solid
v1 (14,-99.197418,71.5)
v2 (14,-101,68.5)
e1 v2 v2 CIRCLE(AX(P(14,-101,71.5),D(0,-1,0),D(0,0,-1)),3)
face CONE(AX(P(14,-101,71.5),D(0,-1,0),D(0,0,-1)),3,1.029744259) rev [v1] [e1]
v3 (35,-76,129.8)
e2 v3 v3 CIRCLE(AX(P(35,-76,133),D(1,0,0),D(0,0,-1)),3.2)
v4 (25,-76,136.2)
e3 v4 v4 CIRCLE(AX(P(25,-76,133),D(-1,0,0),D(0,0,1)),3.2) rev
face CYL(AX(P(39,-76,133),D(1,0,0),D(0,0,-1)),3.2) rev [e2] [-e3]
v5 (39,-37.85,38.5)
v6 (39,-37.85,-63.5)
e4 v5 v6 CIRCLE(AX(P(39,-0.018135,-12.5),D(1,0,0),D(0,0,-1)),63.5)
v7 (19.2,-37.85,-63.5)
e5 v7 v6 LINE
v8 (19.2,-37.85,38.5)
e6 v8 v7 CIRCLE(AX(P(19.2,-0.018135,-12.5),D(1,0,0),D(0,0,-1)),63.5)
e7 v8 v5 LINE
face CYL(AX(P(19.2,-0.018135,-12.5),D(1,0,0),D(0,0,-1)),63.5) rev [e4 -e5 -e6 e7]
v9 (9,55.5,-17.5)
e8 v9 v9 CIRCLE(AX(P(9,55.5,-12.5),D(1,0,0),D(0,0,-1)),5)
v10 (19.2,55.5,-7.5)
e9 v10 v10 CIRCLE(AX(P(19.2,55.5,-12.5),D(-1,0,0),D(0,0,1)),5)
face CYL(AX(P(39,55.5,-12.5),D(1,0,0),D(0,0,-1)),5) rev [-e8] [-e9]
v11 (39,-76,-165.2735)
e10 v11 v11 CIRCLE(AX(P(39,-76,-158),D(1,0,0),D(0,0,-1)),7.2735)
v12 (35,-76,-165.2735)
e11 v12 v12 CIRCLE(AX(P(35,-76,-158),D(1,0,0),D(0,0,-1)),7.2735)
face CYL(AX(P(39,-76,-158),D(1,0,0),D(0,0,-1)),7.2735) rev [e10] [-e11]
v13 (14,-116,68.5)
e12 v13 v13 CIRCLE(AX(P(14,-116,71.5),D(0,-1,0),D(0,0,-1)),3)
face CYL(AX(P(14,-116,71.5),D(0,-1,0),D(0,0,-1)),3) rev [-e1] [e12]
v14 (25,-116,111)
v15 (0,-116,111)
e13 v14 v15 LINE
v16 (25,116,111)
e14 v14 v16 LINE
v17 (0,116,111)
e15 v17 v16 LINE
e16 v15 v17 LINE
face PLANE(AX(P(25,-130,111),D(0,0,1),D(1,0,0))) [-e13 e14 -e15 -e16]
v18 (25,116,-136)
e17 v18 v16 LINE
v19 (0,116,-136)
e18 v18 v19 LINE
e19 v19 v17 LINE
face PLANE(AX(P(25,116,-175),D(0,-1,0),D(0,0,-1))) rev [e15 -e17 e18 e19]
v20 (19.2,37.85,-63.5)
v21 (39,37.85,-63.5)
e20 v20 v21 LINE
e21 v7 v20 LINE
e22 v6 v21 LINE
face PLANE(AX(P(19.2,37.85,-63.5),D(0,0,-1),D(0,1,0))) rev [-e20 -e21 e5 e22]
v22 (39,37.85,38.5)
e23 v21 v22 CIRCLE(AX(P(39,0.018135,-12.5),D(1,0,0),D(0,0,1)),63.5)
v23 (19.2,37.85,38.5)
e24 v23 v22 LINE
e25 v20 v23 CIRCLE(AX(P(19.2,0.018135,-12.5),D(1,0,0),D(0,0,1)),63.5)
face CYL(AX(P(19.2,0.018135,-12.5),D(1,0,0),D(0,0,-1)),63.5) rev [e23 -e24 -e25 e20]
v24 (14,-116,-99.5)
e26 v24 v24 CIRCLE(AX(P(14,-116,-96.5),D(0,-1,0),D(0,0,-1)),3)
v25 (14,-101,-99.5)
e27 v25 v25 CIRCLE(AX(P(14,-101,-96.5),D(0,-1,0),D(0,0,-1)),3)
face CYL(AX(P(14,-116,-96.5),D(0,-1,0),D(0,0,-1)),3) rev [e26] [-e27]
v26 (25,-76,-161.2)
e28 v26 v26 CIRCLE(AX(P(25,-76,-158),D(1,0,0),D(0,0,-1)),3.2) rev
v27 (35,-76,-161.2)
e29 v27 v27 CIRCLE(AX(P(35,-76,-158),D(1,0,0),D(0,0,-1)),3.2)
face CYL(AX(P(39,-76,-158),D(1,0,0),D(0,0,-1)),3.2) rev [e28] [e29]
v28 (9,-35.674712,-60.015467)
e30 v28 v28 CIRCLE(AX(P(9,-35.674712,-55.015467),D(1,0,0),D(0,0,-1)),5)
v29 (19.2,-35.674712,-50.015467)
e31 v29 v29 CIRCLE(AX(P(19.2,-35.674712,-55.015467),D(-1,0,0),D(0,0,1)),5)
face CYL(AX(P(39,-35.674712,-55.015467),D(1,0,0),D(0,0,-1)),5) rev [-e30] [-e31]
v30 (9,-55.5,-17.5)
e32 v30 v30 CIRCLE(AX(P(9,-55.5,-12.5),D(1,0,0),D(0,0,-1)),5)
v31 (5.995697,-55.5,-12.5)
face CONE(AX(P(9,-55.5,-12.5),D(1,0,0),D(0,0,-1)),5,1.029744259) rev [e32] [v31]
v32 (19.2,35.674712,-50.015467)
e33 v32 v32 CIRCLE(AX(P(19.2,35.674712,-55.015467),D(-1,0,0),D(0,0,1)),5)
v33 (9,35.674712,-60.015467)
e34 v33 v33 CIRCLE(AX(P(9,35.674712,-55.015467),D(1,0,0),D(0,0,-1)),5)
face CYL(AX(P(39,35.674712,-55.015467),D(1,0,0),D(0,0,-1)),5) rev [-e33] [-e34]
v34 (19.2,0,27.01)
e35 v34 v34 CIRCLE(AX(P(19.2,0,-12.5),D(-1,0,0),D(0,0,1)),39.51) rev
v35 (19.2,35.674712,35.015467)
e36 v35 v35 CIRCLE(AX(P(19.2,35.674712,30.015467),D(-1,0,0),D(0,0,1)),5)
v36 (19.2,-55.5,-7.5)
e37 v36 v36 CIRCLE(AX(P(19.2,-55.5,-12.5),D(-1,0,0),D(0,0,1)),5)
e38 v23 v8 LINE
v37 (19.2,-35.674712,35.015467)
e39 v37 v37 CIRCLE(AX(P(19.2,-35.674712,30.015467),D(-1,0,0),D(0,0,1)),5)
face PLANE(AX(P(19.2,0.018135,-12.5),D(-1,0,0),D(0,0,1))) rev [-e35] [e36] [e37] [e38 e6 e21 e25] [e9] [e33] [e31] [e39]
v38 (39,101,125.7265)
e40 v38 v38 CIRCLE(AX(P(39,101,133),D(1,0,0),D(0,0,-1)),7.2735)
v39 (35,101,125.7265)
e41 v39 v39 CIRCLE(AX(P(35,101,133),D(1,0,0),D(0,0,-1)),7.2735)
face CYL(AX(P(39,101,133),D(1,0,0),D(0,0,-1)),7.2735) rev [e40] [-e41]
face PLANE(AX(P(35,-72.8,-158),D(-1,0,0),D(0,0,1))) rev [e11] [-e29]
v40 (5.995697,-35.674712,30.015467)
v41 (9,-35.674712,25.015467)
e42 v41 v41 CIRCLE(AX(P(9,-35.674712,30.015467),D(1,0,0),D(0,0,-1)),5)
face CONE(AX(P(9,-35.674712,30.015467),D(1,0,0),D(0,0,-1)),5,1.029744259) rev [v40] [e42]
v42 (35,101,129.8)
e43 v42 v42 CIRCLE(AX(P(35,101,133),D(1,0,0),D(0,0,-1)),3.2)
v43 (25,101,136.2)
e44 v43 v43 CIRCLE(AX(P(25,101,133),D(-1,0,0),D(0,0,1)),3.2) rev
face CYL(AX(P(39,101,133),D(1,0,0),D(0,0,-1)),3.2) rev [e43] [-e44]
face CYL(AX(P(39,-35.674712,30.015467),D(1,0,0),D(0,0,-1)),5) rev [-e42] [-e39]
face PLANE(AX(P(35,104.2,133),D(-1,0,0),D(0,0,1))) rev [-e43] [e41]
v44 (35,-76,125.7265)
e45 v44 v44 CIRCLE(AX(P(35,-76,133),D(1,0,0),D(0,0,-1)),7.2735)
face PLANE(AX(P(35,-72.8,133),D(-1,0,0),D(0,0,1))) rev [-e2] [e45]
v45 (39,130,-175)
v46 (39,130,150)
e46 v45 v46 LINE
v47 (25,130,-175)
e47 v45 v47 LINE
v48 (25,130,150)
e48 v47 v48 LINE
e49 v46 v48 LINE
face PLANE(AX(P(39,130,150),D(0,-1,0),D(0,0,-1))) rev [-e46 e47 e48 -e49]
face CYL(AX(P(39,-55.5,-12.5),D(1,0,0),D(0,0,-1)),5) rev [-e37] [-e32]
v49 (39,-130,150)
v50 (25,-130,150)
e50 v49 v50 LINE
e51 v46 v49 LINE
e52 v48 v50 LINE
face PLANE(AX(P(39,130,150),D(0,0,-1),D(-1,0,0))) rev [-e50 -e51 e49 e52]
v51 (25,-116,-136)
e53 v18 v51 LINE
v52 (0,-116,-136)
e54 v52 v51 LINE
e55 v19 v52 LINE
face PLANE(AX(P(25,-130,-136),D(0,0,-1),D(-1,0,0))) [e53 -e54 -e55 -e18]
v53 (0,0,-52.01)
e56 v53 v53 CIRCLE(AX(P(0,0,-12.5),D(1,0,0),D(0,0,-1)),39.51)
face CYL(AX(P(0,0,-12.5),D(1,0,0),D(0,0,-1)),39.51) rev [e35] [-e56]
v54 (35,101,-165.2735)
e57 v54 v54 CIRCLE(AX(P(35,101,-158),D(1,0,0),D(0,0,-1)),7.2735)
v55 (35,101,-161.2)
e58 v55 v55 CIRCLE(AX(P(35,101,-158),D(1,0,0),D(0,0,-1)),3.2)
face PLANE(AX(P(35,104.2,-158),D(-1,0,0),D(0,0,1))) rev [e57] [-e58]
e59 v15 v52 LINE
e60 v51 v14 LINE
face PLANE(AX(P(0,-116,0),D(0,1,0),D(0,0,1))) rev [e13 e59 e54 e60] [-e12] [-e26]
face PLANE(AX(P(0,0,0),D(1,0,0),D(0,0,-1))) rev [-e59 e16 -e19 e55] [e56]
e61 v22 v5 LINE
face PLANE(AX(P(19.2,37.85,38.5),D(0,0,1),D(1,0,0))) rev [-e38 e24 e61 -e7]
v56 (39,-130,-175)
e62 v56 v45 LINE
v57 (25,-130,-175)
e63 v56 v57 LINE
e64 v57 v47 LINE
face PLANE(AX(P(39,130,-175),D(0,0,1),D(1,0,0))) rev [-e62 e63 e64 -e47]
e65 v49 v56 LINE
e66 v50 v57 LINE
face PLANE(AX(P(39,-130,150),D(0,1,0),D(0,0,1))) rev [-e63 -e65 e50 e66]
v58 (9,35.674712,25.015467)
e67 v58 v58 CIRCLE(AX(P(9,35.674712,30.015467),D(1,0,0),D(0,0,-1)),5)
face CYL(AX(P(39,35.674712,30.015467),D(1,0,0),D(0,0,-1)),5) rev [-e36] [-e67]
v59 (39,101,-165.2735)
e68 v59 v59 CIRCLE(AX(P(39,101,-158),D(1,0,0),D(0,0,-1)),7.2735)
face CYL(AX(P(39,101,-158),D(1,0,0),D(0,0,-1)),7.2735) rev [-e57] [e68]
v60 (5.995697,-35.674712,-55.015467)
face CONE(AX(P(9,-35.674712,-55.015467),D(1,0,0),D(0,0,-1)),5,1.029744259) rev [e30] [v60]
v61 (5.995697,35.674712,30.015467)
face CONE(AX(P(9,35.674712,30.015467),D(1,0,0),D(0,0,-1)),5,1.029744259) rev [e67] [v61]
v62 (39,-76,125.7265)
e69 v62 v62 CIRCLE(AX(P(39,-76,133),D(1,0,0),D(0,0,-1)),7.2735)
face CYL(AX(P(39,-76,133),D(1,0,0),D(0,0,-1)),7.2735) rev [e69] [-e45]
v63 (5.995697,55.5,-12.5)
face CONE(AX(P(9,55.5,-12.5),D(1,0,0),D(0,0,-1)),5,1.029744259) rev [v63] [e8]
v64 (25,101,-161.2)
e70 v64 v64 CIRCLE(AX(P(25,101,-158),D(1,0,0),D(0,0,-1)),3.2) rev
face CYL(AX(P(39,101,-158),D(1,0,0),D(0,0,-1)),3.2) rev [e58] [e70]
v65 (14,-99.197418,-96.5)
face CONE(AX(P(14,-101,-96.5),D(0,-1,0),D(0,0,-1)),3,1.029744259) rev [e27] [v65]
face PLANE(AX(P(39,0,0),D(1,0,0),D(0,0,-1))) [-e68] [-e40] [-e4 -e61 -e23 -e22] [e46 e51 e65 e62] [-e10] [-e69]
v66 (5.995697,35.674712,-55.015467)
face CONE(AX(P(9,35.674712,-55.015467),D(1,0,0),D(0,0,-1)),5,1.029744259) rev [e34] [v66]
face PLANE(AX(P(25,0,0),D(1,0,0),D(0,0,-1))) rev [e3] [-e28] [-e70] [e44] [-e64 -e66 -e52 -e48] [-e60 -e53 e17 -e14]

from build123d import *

# Parameters (mm, degrees)
SKETCH1_W                               = 325
SKETCH1_H                               = 260
BOSS_EXTRUDE1_DEPTH                     = 39
CBORE_FOR_M6_HEX_HEAD_BOLT1_D           = 6.4
CBORE_FOR_M6_HEX_HEAD_BOLT1_DEPTH       = 30
CBORE_FOR_M6_HEX_HEAD_BOLT1_CBORE_D     = 14.547
CBORE_FOR_M6_HEX_HEAD_BOLT1_CBORE_DEPTH = 4
CBORE_FOR_M6_HEX_HEAD_BOLT1_TIP         = 1.922753981
SKETCH3_R                               = 39.51
CUT_EXTRUDE2_DEPTH                      = 39
CUT_EXTRUDE3_DEPTH                      = 19.8
F_10_0MM_DOWEL_HOLE1_D                  = 10
F_10_0MM_DOWEL_HOLE1_DEPTH              = 30
F_10_0MM_DOWEL_HOLE1_TIP                = 3.004303095
SKETCH18_W                              = 39
SKETCH18_H                              = 260
CUT_EXTRUDE5_DEPTH                      = 25
SKETCH19_W                              = 25
SKETCH19_H                              = 247
CUT_EXTRUDE6_DEPTH                      = 14
F_6_0MM_DOWEL_HOLE1_D                   = 6
F_6_0MM_DOWEL_HOLE1_DEPTH               = 15
F_6_0MM_DOWEL_HOLE1_TIP                 = 1.802581857
CUT_EXTRUDE7_DEPTH                      = 222.463315247
CUT_EXTRUDE7_DEPTH_BACK                 = 222.463315247
SKETCH23_W                              = 25
SKETCH23_H                              = 14


with BuildPart() as part:
    # Sketch1 → Boss-Extrude1 (new body)
    with BuildSketch(Plane(origin=(0, 0, 0), x_dir=(0, 0, -1), z_dir=(1, 0, 0))):
        with Locations((12.5, 0)):
            Rectangle(SKETCH1_W, SKETCH1_H)
    extrude(amount=BOSS_EXTRUDE1_DEPTH)

    # CBORE for M6 Hex Head Bolt1
    with Locations(Plane(origin=(39, 0, 0), x_dir=(0, 0, -1), z_dir=(1, 0, 0))):
        with Locations((158, 101), (158, -76), (-133, 101), (-133, -76)):
            CounterBoreHole(CBORE_FOR_M6_HEX_HEAD_BOLT1_D / 2, CBORE_FOR_M6_HEX_HEAD_BOLT1_CBORE_D / 2, CBORE_FOR_M6_HEX_HEAD_BOLT1_CBORE_DEPTH, depth=CBORE_FOR_M6_HEX_HEAD_BOLT1_DEPTH)
            with Locations((0, 0, -(CBORE_FOR_M6_HEX_HEAD_BOLT1_DEPTH + CBORE_FOR_M6_HEX_HEAD_BOLT1_TIP / 2))):  # 118° drill point
                Cone(0, CBORE_FOR_M6_HEX_HEAD_BOLT1_D / 2, CBORE_FOR_M6_HEX_HEAD_BOLT1_TIP, mode=Mode.SUBTRACT)

    # Sketch3 → Cut-Extrude2 (cut)
    with BuildSketch(Plane(origin=(39, 0, 0), x_dir=(0, 0, -1), z_dir=(1, 0, 0))):
        with Locations((12.5, 0)):
            Circle(SKETCH3_R)
    extrude(amount=-CUT_EXTRUDE2_DEPTH, mode=Mode.SUBTRACT)

    # Sketch5 → Cut-Extrude3 (cut)
    with BuildSketch(Plane(origin=(39, 0, 0), x_dir=(0, 0, -1), z_dir=(1, 0, 0))):
        with BuildLine():
            Line((-38.5, 37.85), (-38.5, -37.85))
            ThreePointArc((-38.5, -37.85), (12.5, -63.518135124), (63.5, -37.85))
            Line((63.5, -37.85), (63.5, 37.85))
            ThreePointArc((63.5, 37.85), (12.5, 63.518135124), (-38.5, 37.85))
        make_face()
    extrude(amount=-CUT_EXTRUDE3_DEPTH, mode=Mode.SUBTRACT)

    # Ø10.0mm Dowel Hole1
    with Locations(Plane(origin=(39, 0, 0), x_dir=(0, 0, -1), z_dir=(1, 0, 0))):
        with Locations((12.5, 55.5), (55.015466593, 35.674712338), (-30.015466593, 35.674712338), (-30.015466593, -35.674712338), (12.5, -55.5), (55.015466593, -35.674712338)):
            Hole(F_10_0MM_DOWEL_HOLE1_D / 2, depth=F_10_0MM_DOWEL_HOLE1_DEPTH)
            with Locations((0, 0, -(F_10_0MM_DOWEL_HOLE1_DEPTH + F_10_0MM_DOWEL_HOLE1_TIP / 2))):  # 118° drill point
                Cone(0, F_10_0MM_DOWEL_HOLE1_D / 2, F_10_0MM_DOWEL_HOLE1_TIP, mode=Mode.SUBTRACT)

    # Sketch18 → Cut-Extrude5 (cut)
    with BuildSketch(Plane(origin=(0, 0, 0), x_dir=(0, 0, -1), z_dir=(1, 0, 0))):
        with Locations((155.5, 0)):
            Rectangle(SKETCH18_W, SKETCH18_H)
        with Locations((-130.5, 0)):
            Rectangle(SKETCH18_W, SKETCH18_H)
    extrude(amount=CUT_EXTRUDE5_DEPTH, mode=Mode.SUBTRACT)

    # Sketch19 → Cut-Extrude6 (cut)
    with BuildSketch(Plane(origin=(0, -130, 0), x_dir=(-1, 0, 0), z_dir=(0, -1, 0))):
        with Locations((-12.5, 12.5)):
            Rectangle(SKETCH19_W, SKETCH19_H)
    extrude(amount=-CUT_EXTRUDE6_DEPTH, mode=Mode.SUBTRACT)

    # Ø6.0mm Dowel Hole1
    with Locations(Plane(origin=(0, -116, 0), x_dir=(-1, 0, 0), z_dir=(0, -1, 0))):
        with Locations((-14, 96.5), (-14, -71.5)):
            Hole(F_6_0MM_DOWEL_HOLE1_D / 2, depth=F_6_0MM_DOWEL_HOLE1_DEPTH)
            with Locations((0, 0, -(F_6_0MM_DOWEL_HOLE1_DEPTH + F_6_0MM_DOWEL_HOLE1_TIP / 2))):  # 118° drill point
                Cone(0, F_6_0MM_DOWEL_HOLE1_D / 2, F_6_0MM_DOWEL_HOLE1_TIP, mode=Mode.SUBTRACT)

    # Sketch23 → Cut-Extrude7 (cut, two sides: drawn at the far end of the back side and taken through both)
    with BuildSketch(Plane.XY.offset(-CUT_EXTRUDE7_DEPTH_BACK)):
        with Locations((12.5, 123)):
            Rectangle(SKETCH23_W, SKETCH23_H)
    extrude(amount=CUT_EXTRUDE7_DEPTH + CUT_EXTRUDE7_DEPTH_BACK, mode=Mode.SUBTRACT)


solid = part.part
